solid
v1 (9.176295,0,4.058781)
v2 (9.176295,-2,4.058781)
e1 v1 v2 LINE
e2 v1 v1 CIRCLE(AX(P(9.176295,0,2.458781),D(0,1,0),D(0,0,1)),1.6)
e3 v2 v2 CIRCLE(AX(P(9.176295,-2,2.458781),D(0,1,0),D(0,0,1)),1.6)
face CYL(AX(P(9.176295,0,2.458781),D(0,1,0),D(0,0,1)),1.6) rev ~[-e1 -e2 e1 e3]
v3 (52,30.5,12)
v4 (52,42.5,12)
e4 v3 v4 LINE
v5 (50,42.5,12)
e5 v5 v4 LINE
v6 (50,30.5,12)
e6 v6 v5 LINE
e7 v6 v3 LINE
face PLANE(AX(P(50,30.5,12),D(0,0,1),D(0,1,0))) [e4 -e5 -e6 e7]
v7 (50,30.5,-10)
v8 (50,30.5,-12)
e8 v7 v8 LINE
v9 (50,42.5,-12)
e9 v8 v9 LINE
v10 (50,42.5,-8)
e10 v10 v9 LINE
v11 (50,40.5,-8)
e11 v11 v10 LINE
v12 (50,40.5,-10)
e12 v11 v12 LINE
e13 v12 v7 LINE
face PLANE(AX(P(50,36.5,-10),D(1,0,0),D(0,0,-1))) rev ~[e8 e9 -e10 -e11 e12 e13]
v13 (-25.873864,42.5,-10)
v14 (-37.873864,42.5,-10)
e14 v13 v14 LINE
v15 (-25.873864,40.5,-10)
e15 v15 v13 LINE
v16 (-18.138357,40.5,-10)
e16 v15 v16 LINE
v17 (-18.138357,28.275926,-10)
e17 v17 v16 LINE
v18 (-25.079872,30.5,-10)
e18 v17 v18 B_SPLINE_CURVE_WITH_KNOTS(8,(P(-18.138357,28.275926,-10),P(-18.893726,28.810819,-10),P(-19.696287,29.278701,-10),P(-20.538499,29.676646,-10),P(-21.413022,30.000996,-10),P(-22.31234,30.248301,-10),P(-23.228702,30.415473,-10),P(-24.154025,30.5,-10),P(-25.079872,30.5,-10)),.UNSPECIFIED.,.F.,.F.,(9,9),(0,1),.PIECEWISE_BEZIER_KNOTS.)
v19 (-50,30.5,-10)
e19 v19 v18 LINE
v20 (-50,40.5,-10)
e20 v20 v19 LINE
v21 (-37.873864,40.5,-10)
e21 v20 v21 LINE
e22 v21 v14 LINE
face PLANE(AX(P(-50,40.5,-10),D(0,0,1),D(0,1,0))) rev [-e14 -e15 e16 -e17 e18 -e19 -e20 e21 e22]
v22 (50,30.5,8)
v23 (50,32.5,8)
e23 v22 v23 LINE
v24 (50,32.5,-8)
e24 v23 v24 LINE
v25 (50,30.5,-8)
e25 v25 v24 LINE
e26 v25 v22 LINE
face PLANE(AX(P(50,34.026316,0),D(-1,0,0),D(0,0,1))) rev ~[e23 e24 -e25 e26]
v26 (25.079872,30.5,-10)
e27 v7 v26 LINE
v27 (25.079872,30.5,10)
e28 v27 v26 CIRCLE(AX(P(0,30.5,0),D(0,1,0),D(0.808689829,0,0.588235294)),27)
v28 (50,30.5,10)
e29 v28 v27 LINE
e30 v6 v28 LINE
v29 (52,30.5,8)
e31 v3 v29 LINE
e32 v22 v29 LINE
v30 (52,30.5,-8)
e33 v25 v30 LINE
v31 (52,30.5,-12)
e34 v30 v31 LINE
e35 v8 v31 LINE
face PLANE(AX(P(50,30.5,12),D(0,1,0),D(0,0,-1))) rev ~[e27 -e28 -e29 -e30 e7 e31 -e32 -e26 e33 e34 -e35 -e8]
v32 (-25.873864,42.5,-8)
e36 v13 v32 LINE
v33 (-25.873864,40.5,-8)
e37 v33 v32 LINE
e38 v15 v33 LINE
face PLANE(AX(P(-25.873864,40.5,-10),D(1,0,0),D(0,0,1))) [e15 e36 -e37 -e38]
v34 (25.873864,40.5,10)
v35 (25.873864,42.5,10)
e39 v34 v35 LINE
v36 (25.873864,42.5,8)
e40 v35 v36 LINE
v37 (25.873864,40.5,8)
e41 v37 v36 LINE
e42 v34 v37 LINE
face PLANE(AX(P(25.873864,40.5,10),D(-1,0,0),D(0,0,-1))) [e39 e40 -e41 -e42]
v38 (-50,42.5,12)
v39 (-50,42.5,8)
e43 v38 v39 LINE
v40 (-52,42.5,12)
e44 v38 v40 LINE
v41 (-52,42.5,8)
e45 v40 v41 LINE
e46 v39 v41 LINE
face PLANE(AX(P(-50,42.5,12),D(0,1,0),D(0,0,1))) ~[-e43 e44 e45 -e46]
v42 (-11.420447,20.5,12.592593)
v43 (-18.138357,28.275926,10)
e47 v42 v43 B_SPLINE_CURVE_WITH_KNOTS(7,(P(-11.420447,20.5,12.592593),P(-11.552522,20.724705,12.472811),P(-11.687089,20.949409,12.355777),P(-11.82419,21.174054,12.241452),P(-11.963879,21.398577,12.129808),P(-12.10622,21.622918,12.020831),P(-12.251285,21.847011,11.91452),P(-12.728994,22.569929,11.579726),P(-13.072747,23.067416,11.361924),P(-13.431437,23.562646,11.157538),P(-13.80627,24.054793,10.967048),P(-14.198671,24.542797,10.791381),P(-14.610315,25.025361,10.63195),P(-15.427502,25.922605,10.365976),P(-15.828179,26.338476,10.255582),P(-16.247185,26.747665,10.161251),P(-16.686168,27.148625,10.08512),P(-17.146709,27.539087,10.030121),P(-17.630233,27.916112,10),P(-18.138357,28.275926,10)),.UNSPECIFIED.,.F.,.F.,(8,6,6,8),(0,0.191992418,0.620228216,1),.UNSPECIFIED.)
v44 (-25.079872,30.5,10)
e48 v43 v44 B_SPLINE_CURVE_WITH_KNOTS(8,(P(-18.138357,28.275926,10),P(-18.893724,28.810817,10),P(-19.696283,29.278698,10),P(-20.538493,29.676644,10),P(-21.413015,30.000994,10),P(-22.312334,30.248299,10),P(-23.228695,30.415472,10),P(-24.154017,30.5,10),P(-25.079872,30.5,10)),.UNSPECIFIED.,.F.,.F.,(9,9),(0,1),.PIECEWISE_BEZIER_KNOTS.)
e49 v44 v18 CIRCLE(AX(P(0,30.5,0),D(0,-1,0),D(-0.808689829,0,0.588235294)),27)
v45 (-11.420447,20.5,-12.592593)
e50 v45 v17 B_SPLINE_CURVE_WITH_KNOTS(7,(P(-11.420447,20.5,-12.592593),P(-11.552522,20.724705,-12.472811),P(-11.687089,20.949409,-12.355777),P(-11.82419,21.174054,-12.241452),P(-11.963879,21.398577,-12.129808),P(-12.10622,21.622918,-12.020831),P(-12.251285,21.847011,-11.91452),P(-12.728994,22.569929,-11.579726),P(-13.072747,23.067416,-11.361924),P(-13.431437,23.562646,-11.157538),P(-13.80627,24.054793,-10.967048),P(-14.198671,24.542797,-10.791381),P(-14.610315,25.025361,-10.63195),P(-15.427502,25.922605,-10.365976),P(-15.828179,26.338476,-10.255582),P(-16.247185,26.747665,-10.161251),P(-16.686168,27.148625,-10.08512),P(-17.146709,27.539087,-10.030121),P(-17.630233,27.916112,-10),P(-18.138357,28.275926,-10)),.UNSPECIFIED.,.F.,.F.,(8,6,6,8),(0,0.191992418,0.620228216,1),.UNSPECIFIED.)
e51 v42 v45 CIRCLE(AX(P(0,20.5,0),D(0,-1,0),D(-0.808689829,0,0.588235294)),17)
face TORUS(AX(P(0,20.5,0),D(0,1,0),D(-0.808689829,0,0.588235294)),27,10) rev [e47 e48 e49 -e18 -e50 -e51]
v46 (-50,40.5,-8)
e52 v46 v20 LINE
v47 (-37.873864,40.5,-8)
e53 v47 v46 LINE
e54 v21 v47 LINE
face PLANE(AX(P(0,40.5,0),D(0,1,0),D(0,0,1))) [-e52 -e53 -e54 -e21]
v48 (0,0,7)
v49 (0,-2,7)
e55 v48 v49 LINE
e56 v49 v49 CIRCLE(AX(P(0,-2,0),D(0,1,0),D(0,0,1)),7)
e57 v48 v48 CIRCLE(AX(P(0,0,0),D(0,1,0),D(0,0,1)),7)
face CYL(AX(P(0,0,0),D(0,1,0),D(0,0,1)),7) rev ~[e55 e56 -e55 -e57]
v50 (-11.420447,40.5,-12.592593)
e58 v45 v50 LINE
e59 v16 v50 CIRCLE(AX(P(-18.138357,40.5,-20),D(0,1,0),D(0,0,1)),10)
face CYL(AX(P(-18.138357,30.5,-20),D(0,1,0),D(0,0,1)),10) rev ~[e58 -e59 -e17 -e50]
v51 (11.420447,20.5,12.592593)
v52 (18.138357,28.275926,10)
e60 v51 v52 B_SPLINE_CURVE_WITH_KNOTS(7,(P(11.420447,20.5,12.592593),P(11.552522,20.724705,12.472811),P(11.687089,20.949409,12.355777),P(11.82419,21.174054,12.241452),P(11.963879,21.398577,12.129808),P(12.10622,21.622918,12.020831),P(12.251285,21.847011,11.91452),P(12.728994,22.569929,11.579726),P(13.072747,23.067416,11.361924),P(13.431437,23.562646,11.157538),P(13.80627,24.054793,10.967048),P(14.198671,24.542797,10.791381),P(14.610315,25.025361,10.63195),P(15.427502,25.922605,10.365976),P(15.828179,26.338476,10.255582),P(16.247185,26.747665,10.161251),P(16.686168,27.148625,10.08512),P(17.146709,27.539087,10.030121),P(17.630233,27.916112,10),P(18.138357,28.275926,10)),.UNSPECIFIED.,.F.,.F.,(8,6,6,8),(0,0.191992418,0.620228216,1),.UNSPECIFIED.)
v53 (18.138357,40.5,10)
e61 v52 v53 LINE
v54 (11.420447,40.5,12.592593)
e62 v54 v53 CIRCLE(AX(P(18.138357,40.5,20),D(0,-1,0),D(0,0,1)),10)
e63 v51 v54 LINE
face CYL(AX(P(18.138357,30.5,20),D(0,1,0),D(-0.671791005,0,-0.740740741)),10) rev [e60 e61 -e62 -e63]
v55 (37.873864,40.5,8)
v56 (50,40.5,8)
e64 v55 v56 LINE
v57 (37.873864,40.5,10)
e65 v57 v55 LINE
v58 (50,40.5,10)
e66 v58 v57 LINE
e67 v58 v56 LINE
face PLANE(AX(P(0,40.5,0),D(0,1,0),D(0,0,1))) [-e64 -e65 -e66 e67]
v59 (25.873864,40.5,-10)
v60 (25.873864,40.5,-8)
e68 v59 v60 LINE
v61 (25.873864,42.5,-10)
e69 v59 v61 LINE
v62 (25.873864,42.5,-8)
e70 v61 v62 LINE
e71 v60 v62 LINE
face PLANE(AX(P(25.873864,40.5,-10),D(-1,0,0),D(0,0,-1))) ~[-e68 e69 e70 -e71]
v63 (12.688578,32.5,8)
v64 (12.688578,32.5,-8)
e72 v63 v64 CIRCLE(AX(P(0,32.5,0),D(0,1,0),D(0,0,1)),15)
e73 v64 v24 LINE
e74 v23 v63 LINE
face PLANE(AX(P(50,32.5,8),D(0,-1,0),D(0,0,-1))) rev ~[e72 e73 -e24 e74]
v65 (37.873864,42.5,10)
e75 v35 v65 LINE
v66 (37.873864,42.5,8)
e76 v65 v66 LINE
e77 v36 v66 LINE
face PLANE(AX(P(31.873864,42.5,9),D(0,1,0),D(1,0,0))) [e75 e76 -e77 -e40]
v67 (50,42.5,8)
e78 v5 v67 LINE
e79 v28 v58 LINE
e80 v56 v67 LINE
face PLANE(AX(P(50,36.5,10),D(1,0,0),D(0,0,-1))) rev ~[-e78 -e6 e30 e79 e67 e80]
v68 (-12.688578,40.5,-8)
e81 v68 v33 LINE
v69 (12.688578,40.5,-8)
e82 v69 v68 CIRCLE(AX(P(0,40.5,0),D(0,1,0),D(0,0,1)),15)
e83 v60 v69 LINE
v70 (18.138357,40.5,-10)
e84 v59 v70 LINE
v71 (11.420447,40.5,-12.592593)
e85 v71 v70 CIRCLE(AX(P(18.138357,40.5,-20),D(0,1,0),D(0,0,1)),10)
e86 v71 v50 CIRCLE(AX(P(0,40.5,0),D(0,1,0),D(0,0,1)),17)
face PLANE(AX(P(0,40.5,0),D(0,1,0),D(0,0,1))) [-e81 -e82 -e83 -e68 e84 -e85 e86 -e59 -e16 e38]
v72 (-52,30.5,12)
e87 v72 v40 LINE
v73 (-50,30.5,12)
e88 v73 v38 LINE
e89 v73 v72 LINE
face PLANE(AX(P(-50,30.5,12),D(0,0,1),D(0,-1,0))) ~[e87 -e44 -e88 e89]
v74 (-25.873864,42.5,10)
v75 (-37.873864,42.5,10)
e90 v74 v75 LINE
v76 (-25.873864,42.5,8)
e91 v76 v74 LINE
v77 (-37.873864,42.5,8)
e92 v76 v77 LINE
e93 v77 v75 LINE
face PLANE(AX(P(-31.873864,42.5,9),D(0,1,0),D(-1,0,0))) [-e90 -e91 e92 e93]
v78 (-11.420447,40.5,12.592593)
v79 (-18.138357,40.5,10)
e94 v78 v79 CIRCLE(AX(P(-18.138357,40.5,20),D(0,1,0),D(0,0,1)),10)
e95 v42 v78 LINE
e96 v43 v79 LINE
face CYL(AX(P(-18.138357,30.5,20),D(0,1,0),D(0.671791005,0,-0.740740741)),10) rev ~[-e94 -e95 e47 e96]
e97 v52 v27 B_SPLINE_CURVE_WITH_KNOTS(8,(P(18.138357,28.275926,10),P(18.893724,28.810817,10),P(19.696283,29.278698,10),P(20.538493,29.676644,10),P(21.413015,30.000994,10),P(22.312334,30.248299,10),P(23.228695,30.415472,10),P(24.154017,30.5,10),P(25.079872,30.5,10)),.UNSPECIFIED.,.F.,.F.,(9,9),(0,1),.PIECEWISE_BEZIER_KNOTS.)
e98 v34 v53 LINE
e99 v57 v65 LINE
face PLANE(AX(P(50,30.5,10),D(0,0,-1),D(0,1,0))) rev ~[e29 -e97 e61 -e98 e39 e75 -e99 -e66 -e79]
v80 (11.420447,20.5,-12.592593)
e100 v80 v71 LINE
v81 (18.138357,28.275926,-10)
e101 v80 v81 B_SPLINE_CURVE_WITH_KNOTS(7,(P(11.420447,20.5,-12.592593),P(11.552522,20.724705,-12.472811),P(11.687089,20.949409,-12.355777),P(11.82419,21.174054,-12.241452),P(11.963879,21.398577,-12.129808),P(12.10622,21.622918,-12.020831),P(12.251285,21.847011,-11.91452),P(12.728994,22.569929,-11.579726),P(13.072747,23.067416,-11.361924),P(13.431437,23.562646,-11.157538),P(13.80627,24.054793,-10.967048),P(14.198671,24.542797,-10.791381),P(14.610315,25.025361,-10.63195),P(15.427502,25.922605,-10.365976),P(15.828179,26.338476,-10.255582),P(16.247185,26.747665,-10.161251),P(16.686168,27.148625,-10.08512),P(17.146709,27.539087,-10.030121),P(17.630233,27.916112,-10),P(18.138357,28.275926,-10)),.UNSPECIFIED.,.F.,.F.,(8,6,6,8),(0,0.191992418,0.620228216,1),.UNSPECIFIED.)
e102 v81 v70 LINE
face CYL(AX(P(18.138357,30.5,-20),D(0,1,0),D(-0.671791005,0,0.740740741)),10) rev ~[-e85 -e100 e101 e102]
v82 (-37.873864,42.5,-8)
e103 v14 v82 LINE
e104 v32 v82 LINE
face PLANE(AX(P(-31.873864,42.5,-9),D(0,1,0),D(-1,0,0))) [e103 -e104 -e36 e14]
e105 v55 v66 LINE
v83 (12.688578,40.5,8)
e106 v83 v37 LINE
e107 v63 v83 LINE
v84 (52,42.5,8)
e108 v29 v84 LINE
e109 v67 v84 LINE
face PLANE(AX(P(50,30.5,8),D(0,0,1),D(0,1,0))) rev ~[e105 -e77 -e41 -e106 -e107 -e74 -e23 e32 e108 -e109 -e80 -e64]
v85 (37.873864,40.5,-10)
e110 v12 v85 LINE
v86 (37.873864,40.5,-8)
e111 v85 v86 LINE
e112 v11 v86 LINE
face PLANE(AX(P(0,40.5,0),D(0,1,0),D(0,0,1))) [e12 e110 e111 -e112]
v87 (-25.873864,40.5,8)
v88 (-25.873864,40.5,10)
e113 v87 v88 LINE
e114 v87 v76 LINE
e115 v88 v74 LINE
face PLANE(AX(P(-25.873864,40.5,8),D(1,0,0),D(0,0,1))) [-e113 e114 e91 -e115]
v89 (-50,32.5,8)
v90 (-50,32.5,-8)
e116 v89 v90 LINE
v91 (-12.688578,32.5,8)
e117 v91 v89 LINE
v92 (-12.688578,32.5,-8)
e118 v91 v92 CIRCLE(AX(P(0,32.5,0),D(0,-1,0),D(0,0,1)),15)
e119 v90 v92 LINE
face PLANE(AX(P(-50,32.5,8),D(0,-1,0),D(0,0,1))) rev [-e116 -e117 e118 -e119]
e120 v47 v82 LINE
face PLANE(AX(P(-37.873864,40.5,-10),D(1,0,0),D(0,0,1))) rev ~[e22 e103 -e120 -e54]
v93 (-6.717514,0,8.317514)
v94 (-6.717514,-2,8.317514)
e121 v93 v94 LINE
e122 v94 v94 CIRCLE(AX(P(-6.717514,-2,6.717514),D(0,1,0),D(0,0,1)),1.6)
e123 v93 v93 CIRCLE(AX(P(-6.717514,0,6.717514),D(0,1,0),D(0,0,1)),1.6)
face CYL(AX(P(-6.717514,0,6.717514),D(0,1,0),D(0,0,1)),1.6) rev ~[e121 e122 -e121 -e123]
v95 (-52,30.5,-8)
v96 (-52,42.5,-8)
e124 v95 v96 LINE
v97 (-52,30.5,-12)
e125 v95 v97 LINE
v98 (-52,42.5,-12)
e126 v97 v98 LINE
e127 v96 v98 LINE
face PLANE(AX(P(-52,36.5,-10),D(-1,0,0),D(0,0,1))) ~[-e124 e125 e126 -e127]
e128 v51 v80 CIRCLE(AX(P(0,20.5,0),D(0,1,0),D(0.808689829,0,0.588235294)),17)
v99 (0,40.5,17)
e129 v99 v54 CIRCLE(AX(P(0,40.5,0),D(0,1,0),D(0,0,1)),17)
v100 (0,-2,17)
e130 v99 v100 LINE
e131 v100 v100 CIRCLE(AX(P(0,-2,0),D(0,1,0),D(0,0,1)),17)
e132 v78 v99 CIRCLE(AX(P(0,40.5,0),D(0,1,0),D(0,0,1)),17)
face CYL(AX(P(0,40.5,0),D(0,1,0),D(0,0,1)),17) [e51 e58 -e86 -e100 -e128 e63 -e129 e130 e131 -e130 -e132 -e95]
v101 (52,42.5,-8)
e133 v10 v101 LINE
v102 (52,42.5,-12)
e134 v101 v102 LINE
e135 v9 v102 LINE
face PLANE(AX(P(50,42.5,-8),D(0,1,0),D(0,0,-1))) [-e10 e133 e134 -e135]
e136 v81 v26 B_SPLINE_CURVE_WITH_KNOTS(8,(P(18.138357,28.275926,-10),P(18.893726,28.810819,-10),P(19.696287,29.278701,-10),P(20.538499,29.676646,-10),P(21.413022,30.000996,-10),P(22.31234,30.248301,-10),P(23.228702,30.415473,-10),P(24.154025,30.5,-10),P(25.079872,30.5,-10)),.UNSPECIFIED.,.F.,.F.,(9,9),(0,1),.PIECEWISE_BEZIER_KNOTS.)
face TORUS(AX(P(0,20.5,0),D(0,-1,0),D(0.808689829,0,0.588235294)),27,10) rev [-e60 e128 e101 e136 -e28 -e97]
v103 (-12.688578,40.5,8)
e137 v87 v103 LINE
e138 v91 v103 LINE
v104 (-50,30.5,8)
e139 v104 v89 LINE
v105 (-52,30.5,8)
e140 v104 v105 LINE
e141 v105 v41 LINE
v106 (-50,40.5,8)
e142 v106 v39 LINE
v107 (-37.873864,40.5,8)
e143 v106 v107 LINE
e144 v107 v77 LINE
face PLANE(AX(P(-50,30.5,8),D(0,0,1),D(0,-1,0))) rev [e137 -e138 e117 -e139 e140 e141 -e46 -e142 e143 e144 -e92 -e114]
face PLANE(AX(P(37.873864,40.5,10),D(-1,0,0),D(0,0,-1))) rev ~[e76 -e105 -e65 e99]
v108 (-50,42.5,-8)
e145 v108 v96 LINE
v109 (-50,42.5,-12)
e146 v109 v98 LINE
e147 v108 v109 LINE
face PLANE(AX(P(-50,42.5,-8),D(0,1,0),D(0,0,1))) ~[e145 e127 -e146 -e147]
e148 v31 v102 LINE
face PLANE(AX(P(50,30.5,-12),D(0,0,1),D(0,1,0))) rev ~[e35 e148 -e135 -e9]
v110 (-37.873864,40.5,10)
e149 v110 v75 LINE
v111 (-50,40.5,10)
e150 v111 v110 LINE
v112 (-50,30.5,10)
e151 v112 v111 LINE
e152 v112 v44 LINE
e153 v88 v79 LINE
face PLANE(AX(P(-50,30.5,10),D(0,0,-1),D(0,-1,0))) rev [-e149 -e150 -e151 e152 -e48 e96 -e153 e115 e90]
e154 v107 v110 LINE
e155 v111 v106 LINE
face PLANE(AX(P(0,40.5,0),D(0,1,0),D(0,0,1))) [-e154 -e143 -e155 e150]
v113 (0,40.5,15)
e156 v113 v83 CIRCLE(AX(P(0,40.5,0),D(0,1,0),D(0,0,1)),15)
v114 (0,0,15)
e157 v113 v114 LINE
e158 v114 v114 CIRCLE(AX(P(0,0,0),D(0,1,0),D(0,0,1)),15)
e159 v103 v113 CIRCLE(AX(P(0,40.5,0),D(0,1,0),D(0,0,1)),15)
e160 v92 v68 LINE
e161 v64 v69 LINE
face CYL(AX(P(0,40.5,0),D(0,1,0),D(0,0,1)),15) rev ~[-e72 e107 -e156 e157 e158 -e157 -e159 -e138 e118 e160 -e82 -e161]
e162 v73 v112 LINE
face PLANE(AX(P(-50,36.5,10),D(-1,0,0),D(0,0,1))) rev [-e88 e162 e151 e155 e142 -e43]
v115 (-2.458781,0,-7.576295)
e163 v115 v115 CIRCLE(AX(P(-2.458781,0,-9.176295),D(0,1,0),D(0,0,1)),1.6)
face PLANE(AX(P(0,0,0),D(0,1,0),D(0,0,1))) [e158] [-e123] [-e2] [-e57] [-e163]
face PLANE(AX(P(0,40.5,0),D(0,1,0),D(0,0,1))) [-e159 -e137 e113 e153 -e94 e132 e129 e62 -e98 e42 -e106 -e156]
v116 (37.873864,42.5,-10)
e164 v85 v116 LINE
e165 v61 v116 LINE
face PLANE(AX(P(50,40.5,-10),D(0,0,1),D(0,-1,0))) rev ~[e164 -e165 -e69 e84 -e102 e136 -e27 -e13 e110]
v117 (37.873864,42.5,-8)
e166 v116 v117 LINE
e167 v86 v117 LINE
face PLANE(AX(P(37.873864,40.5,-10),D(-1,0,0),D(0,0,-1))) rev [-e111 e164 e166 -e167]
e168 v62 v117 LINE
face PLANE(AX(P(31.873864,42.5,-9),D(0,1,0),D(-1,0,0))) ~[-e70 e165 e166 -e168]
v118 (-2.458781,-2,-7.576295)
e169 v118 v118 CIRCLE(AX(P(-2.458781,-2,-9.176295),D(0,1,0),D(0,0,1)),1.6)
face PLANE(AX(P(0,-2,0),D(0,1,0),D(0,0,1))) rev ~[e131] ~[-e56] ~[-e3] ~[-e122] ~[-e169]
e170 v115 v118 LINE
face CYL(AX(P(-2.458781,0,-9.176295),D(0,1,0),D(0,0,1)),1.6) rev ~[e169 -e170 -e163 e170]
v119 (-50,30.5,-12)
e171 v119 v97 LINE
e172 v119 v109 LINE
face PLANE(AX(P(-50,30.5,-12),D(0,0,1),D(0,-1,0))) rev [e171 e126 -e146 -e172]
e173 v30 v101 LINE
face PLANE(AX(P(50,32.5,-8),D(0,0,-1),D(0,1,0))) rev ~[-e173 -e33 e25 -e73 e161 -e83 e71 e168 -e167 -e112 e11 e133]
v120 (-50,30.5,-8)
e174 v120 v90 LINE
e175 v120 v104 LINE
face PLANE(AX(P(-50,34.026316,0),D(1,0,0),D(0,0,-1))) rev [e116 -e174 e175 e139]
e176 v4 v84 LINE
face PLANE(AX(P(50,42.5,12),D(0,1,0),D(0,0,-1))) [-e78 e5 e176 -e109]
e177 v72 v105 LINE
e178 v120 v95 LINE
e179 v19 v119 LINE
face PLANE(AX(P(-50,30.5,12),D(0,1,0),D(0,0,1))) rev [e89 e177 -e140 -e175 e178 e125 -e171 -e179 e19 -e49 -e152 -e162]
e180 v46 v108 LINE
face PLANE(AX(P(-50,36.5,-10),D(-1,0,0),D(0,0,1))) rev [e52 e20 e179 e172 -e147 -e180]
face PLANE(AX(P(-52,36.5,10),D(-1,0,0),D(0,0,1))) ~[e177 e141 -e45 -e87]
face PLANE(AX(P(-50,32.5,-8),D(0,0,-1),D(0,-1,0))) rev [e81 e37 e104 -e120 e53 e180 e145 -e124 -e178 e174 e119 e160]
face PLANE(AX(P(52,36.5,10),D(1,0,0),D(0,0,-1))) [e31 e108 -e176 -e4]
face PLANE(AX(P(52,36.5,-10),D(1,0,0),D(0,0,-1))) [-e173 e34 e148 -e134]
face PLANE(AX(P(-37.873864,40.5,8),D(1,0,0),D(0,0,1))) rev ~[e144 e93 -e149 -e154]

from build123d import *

# Parameters (mm, degrees)
SKETCH_1_R               = 17
SKETCH_1_R_2             = 7
SKETCH_1_R_3             = 1.6
EXTRUDE_1_DEPTH          = 2
EXTRUDE_START            = 40.5
SKETCH_2_R               = 17
SKETCH_2_R_2             = 15
EXTRUDE_2_DEPTH          = 40.5
EXTRUDE_3_REACH          = 82.114
EXTRUDE_3_END_RADIUS     = 17
SKETCH_5_W               = 4
SKETCH_5_H               = 12
EXTRUDE_4_DEPTH          = 2
CUT_EXTRUDE_1_REACH      = 83.143
SKETCH_6_W               = 16
SKETCH_6_H               = 8
SKETCH_7_W               = 12
SKETCH_7_H               = 2
EXTRUDE_5_DEPTH          = 2
MIRROR_2_COPY_1_SKETCH_W = 12
MIRROR_2_COPY_1_SKETCH_H = 2
MIRROR_2_COPY_1_DEPTH    = 2
MIRROR_2_COPY_2_SKETCH_W = 12
MIRROR_2_COPY_2_SKETCH_H = 2
MIRROR_2_COPY_2_DEPTH    = 2
FILLET_1_R               = 10


with BuildPart() as part:
    # 草图1 → 凸台-拉伸1 (new body)
    with BuildSketch(Plane(origin=(0, 0, 0), x_dir=(1, 0, 0), z_dir=(0, 1, 0))):
        with Locations(Location((0, 0, 0), (0, 0, 270))):
            Circle(SKETCH_1_R)
        with Locations(Location((0, 0, 0), (0, 0, 270))):
            Circle(SKETCH_1_R_2, mode=Mode.SUBTRACT)
        with Locations(Location((9.17629535, -2.458780928, 0), (0, 0, 270))):
            Circle(SKETCH_1_R_3, mode=Mode.SUBTRACT)
        with Locations(Location((-6.717514421, -6.717514421, 0), (0, 0, 270))):
            Circle(SKETCH_1_R_3, mode=Mode.SUBTRACT)
        with Locations(Location((-2.458780928, 9.17629535, 0), (0, 0, 270))):
            Circle(SKETCH_1_R_3, mode=Mode.SUBTRACT)
    extrude(amount=-EXTRUDE_1_DEPTH)

    # 草图2 → 凸台-拉伸2 (add)
    with BuildSketch(Plane(origin=(0, 0, 0), x_dir=(1, 0, 0), z_dir=(0, 1, 0)).offset(EXTRUDE_START)):
        with Locations(Location((0, 0, 0), (0, 0, 270))):
            Circle(SKETCH_2_R)
        with Locations(Location((0, 0, 0), (0, 0, 270))):
            Circle(SKETCH_2_R_2, mode=Mode.SUBTRACT)
    extrude(amount=-EXTRUDE_2_DEPTH)

    # 凸台-拉伸3: up to this cylinder (the profile starts outside it)
    extrude_3_end = Plane(origin=(0, 40.276393, 0), z_dir=(0, 1, 0)) * Cylinder(EXTRUDE_3_END_RADIUS, 199.228, mode=Mode.PRIVATE)
    # 草图4 → 凸台-拉伸3 (add, up to the surface)
    with BuildSketch(Plane(origin=(50, 0, 0), x_dir=(0, 0, -1), z_dir=(1, 0, 0)), mode=Mode.PRIVATE) as extrude_3_sk1:
        Polygon((-10, 40.5), (-8, 40.5), (-8, 32.5), (8, 32.5), (8, 40.5), (10, 40.5), (10, 30.5), (-10, 30.5), align=None)
    extrude_3_tool1 = extrude(extrude_3_sk1.sketch, amount=-EXTRUDE_3_REACH, mode=Mode.PRIVATE) - extrude_3_end
    extrude_3 = extrude_3_tool1.solids().sort_by_distance((50, 40.276393, 9))[0]
    add(extrude_3)

    # 草图5 → 凸台-拉伸4 (add)
    with BuildSketch(Plane(origin=(50, 0, 0), x_dir=(0, 0, -1), z_dir=(1, 0, 0))):
        with Locations((-10, 36.5)):
            Rectangle(SKETCH_5_W, SKETCH_5_H)
        with Locations((10, 36.5)):
            Rectangle(SKETCH_5_W, SKETCH_5_H)
    extrude_4 = extrude(amount=EXTRUDE_4_DEPTH)

    # 草图6 → 切除-拉伸1 (cut, up to next)
    with BuildSketch(Plane(origin=(50, 0, 0), x_dir=(0, 0, -1), z_dir=(1, 0, 0)), mode=Mode.PRIVATE) as cut_extrude_1_sk1:
        with Locations((0, 36.5)):
            Rectangle(SKETCH_6_W, SKETCH_6_H)
    cut_extrude_1_tool1 = extrude(cut_extrude_1_sk1.sketch, amount=-CUT_EXTRUDE_1_REACH, mode=Mode.PRIVATE) & part.part
    cut_extrude_1 = cut_extrude_1_tool1.solids().sort_by_distance((50, 36.5, 0))[0]
    add(cut_extrude_1, mode=Mode.SUBTRACT)

    # 草图7 → 凸台-拉伸5 (add)
    with BuildSketch(Plane(origin=(0, 40.5, 0), x_dir=(1, 0, 0), z_dir=(0, 1, 0))):
        with Locations((31.873863542, -9)):
            Rectangle(SKETCH_7_W, SKETCH_7_H)
    extrude_5 = extrude(amount=EXTRUDE_5_DEPTH)

    # 镜向1: 凸台-拉伸5 across plane
    add(extrude_5.mirror(Plane.XY))

    # 镜向2: 凸台-拉伸3, 凸台-拉伸4, 切除-拉伸1 across plane
    add(extrude_3.mirror(Plane(origin=(0, 0, 0), x_dir=(0, 0, 1), z_dir=(1, 0, 0))))
    add(extrude_4.mirror(Plane(origin=(0, 0, 0), x_dir=(0, 0, 1), z_dir=(1, 0, 0))))
    add(cut_extrude_1.mirror(Plane(origin=(0, 0, 0), x_dir=(0, 0, 1), z_dir=(1, 0, 0))), mode=Mode.SUBTRACT)

    # 镜向2 copy 1 sketch → 镜向2 copy 1 (add)
    with BuildSketch(Plane(origin=(0, 40.5, 0), x_dir=(-1, 0, 0), z_dir=(0, 1, 0))):
        with Locations((31.873863542, -9)):
            Rectangle(MIRROR_2_COPY_1_SKETCH_W, MIRROR_2_COPY_1_SKETCH_H)
    extrude(amount=MIRROR_2_COPY_1_DEPTH)

    # 镜向2 copy 2 sketch → 镜向2 copy 2 (add)
    with BuildSketch(Plane(origin=(0, 40.5, 0), x_dir=(-1, 0, 0), z_dir=(0, 1, 0))):
        with Locations((31.873863542, 9)):
            Rectangle(MIRROR_2_COPY_2_SKETCH_W, MIRROR_2_COPY_2_SKETCH_H)
    extrude(amount=MIRROR_2_COPY_2_DEPTH)

    # 圆角1
    fillet_1_edges = [part.edges().sort_by_distance(p)[0] for p in [
        (-13.747727085, 35.5, 10),
        (-13.747727085, 35.5, -10),
        (-17, 30.5, 0),
        (13.747727085, 35.5, 10),
        (13.747727085, 35.5, -10),
        (17, 30.5, 0),
    ]]
    fillet(fillet_1_edges, radius=FILLET_1_R)


solid = part.part
